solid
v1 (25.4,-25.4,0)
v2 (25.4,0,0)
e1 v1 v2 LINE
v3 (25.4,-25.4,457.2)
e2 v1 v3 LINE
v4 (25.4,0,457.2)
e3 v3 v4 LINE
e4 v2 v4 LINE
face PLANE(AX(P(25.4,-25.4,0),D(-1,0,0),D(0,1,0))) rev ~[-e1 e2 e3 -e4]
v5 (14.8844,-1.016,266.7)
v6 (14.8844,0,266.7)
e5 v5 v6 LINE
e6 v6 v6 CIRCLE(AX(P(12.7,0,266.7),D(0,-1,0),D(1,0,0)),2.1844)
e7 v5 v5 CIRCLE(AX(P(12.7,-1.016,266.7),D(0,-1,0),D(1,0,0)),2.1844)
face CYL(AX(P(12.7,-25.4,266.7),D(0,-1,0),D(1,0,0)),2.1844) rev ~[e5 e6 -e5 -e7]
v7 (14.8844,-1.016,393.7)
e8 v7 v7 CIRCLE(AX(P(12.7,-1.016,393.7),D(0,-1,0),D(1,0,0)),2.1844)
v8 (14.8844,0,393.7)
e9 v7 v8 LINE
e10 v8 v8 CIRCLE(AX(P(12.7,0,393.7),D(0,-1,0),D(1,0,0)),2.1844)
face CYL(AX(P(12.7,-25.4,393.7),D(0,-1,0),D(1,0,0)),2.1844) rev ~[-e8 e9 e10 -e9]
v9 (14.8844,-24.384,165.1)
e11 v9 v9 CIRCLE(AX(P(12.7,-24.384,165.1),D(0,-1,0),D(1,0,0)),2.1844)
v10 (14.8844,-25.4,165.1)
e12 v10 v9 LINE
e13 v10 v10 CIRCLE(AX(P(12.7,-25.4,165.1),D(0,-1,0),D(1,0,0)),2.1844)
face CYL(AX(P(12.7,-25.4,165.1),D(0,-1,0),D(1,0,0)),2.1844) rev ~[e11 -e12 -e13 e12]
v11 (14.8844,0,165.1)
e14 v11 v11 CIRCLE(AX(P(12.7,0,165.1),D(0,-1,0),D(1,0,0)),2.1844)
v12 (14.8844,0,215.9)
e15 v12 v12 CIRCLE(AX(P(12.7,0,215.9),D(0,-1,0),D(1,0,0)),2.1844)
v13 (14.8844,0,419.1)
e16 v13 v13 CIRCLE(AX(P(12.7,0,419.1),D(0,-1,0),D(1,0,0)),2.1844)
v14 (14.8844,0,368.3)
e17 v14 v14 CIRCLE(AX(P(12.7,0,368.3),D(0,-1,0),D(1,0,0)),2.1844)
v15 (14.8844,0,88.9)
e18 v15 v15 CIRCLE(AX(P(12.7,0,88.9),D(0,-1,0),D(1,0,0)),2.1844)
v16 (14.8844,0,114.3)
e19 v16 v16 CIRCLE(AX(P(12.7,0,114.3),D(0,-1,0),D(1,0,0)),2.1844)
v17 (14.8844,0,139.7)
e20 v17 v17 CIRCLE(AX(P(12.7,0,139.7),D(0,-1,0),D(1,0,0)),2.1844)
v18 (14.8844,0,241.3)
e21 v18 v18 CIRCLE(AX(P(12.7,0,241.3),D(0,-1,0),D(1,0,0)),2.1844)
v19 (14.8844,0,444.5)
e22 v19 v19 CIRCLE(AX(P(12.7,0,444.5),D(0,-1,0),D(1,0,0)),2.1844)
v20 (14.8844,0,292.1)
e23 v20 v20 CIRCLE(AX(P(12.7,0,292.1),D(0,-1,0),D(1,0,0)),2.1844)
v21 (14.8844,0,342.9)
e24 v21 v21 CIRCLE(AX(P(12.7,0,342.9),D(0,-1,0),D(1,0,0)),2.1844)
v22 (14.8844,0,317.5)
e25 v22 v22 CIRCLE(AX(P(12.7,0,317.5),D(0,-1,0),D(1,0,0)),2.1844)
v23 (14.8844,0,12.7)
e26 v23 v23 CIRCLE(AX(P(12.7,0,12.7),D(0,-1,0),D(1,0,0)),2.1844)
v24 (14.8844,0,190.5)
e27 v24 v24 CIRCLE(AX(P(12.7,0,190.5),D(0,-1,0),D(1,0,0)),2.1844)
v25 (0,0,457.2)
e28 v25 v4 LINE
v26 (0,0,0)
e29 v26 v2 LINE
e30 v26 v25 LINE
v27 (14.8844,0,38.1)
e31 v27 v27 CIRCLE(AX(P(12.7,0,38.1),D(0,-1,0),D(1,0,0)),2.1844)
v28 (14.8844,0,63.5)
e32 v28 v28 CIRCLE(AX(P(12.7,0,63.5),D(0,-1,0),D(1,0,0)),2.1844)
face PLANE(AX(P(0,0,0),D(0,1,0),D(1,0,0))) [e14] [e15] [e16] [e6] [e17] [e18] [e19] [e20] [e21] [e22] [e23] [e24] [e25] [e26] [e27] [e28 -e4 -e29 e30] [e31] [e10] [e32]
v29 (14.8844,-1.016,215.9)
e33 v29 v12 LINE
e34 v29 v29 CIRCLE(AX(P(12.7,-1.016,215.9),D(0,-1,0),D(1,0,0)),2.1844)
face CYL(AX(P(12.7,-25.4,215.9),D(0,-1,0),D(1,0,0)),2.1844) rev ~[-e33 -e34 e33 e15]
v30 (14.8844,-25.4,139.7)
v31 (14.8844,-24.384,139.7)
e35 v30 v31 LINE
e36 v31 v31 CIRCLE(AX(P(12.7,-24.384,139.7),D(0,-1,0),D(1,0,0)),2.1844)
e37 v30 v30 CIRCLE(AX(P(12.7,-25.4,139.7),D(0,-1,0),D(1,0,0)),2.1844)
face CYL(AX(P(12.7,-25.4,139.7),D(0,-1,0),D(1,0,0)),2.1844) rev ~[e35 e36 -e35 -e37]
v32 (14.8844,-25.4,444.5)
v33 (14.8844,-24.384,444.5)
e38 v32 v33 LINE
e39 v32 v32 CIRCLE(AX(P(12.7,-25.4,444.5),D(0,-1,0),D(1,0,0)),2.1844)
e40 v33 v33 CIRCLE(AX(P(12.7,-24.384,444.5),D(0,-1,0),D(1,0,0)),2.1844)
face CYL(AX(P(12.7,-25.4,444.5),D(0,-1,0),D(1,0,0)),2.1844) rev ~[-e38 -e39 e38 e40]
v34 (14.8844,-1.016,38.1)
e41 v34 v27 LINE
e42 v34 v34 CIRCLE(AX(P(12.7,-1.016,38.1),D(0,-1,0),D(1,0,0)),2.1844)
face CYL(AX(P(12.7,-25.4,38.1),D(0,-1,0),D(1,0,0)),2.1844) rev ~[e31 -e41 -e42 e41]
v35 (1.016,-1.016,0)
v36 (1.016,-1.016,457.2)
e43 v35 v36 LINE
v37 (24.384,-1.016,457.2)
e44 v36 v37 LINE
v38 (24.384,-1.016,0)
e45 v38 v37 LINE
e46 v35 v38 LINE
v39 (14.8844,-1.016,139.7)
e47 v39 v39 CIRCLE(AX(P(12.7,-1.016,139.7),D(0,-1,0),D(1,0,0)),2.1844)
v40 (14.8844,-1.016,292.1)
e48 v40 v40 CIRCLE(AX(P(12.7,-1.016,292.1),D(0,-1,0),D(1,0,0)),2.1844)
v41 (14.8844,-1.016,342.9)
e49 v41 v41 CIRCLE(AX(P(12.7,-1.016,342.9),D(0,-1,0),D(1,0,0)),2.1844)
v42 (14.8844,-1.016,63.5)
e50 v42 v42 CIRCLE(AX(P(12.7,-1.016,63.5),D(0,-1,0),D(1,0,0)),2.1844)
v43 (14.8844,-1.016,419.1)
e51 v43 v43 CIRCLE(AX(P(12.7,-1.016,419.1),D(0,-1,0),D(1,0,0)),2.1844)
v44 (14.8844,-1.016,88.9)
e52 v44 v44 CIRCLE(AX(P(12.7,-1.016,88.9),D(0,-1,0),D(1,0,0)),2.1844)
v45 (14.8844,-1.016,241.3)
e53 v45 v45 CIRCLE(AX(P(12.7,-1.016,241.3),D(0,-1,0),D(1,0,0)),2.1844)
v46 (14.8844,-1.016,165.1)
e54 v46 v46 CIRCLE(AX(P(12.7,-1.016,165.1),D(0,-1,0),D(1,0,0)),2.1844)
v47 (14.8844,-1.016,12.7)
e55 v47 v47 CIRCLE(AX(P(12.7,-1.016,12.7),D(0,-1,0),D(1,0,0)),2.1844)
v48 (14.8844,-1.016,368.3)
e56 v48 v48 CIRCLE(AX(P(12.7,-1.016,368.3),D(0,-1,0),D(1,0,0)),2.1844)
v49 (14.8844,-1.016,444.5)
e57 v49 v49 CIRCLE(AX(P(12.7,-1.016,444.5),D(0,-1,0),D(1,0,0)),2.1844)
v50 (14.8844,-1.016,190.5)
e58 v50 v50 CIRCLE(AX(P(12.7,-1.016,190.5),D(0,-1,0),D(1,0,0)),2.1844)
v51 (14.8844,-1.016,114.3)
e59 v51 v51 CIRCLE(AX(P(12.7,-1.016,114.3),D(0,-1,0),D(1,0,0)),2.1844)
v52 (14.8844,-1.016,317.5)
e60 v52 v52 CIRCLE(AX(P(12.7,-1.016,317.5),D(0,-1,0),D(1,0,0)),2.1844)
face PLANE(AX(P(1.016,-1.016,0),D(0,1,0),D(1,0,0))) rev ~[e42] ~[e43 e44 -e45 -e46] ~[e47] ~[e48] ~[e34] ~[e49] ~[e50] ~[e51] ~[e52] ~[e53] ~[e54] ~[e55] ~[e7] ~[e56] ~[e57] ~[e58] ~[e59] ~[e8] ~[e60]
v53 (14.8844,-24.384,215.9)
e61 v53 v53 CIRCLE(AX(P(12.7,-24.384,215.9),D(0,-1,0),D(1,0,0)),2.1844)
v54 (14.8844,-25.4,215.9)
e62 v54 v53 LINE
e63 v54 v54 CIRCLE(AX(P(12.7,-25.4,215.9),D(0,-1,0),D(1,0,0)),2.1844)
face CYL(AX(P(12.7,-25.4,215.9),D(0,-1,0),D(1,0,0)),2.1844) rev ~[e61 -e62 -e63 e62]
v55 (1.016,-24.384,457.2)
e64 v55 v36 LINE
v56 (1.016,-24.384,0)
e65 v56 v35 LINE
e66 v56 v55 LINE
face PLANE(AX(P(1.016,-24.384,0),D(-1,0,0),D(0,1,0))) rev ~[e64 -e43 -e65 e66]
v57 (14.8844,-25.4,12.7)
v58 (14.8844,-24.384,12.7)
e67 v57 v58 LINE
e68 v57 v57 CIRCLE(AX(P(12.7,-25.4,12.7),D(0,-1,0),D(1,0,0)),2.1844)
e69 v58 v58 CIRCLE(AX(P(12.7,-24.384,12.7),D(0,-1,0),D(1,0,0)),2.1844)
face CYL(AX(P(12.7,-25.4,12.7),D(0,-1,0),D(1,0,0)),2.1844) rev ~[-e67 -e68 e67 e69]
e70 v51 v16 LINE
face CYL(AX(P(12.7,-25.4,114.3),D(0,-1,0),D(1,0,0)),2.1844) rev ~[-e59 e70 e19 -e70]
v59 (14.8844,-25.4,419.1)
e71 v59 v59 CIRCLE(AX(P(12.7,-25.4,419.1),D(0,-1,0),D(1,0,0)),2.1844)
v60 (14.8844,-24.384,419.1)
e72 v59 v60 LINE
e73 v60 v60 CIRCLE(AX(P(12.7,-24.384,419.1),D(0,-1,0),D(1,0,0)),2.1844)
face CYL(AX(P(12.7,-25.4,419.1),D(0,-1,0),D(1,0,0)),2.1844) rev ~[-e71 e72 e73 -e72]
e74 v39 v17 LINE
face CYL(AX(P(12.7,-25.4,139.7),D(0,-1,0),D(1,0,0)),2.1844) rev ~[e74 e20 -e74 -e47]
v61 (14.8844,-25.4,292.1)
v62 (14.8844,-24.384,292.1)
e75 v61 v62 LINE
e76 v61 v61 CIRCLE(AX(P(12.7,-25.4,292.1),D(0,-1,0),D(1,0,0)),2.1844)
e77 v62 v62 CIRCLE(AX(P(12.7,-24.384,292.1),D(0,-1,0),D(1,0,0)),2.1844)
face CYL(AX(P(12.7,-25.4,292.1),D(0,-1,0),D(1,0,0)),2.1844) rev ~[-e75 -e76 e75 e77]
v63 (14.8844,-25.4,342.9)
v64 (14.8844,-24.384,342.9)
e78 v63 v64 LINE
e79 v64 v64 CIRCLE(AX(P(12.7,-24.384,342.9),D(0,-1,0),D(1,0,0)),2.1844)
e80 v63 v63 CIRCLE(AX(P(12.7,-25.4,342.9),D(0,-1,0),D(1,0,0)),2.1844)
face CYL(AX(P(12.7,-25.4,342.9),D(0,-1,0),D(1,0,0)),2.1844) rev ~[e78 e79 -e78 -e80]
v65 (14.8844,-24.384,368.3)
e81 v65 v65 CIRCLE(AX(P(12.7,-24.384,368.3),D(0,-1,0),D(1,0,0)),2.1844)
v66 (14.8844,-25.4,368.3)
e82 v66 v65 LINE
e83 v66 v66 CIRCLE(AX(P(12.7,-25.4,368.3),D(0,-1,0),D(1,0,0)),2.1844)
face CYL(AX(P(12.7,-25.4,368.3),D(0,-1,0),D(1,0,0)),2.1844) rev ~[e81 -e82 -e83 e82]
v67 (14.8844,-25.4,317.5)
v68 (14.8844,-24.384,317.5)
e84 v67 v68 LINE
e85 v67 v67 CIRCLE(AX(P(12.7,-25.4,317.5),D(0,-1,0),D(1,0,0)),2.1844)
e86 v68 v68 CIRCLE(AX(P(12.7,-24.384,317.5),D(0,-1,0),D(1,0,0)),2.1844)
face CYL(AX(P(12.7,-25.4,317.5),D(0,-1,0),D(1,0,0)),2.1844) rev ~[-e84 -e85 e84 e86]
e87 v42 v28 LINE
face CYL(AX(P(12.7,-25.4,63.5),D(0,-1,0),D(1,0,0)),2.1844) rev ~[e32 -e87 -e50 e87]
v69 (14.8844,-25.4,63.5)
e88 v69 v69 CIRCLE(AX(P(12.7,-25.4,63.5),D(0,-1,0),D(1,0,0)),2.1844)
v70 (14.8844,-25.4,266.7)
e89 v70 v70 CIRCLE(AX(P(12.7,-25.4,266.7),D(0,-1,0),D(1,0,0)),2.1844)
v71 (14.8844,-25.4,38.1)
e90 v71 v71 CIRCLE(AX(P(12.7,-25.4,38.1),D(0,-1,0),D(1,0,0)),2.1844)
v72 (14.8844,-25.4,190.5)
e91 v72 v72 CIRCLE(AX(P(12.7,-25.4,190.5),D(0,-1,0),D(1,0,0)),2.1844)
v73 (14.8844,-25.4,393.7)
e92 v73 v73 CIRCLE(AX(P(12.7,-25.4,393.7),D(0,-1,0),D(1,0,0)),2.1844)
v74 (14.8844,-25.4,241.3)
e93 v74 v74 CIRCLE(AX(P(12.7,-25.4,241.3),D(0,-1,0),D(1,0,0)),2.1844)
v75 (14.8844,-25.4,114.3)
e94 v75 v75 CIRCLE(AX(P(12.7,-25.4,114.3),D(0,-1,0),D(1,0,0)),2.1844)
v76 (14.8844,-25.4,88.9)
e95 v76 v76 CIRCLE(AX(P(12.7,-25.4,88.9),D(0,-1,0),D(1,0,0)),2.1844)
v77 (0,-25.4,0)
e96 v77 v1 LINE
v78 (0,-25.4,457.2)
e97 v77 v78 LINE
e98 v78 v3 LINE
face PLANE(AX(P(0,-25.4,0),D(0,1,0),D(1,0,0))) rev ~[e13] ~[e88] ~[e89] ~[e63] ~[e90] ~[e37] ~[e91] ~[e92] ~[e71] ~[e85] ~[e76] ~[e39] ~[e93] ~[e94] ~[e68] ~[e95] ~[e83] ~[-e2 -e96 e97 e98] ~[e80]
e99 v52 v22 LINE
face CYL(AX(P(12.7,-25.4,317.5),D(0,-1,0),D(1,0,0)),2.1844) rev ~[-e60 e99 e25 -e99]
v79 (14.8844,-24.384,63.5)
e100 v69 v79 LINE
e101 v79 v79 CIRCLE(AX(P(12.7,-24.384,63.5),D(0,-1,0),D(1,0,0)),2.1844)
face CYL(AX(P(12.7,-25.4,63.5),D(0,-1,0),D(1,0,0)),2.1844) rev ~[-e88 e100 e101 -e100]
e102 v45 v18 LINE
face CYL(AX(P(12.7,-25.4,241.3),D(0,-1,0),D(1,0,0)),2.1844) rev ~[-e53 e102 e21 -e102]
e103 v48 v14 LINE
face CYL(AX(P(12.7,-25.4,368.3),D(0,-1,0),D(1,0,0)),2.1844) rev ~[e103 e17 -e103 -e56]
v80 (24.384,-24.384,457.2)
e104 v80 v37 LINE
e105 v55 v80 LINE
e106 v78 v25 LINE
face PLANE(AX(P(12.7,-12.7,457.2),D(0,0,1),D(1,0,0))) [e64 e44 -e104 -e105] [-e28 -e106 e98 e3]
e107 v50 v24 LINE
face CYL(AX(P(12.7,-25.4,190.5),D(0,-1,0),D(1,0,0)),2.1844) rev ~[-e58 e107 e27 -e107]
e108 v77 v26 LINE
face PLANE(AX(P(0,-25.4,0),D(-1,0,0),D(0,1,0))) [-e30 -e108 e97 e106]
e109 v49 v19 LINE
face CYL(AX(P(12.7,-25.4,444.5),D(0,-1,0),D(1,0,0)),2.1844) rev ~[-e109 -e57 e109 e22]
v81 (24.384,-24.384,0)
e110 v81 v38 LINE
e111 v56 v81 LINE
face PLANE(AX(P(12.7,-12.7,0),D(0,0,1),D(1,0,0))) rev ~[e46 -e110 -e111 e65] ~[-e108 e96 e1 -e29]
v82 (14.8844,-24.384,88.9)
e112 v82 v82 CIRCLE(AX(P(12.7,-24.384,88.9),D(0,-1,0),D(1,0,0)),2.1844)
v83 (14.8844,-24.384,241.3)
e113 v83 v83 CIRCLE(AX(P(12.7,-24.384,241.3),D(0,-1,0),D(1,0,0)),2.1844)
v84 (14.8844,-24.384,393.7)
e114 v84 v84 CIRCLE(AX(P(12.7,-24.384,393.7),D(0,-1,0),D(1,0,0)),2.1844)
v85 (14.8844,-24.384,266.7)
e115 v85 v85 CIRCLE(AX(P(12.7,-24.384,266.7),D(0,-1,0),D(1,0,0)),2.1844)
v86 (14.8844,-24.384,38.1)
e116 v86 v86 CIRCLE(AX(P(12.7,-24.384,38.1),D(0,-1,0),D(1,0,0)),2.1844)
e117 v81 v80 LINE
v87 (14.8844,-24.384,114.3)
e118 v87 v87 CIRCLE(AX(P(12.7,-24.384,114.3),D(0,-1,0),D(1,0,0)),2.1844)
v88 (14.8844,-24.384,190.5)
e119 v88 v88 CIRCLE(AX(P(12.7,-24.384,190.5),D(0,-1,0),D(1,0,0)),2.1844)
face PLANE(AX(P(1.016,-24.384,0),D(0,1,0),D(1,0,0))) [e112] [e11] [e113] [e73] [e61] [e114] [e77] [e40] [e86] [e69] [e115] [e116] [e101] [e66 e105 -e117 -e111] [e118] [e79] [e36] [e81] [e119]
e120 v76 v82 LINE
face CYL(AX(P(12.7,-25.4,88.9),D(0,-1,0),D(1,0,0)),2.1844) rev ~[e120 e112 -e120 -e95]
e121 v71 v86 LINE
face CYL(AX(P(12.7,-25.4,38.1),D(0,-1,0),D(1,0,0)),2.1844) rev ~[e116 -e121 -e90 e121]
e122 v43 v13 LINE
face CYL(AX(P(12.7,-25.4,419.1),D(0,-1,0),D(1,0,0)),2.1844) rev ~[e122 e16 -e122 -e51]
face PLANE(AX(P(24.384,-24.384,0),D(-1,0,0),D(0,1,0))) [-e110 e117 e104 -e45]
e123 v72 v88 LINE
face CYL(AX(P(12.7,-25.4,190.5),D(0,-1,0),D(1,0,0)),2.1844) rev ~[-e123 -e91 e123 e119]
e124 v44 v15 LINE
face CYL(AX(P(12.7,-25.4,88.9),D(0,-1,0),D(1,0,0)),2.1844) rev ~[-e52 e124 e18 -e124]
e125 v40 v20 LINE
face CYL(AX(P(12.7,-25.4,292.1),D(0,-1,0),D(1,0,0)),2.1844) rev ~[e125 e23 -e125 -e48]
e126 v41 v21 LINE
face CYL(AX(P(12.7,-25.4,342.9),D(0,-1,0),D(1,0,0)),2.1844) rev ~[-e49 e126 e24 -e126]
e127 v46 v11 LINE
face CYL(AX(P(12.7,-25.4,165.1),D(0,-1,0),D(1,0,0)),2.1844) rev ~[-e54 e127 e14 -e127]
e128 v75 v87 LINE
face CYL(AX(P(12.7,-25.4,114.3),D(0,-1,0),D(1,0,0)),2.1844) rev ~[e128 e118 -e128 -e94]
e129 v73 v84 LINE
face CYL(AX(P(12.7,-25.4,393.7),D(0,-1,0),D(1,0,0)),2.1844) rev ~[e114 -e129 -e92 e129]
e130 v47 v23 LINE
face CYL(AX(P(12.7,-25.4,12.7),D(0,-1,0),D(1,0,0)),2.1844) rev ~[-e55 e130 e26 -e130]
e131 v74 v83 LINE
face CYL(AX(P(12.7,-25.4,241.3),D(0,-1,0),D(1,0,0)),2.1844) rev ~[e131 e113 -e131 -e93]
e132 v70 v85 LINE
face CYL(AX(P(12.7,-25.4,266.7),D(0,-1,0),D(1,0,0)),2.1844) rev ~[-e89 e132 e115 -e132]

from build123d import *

# Parameters (mm, degrees)
F0_W     = 25.4
F0_H     = 25.4
F0_W_2   = 23.368
F0_H_2   = 23.368
F1_DEPTH = 457.2
F2_R     = 2.1844
F3_DEPTH = 25.4


with BuildPart() as f1:
    # F0 (on Top) → F1 (new body)
    with BuildSketch(Plane.XY):
        with Locations((12.7, -12.7)):
            Rectangle(F0_W, F0_H)
        with Locations((12.7, -12.7)):
            Rectangle(F0_W_2, F0_H_2, mode=Mode.SUBTRACT)
    extrude(amount=F1_DEPTH)

    # F2 (on face) → F3 (cut)
    with BuildSketch(Plane.XZ.offset(25.4)):
        with Locations((12.7, 12.7)):
            Circle(F2_R)
        with Locations((12.7, 38.1)):
            Circle(F2_R)
        with Locations((12.7, 241.3)):
            Circle(F2_R)
        with Locations((12.7, 215.9)):
            Circle(F2_R)
        with Locations((12.7, 190.5)):
            Circle(F2_R)
        with Locations((12.7, 165.1)):
            Circle(F2_R)
        with Locations((12.7, 139.7)):
            Circle(F2_R)
        with Locations((12.7, 114.3)):
            Circle(F2_R)
        with Locations((12.7, 88.9)):
            Circle(F2_R)
        with Locations((12.7, 63.5)):
            Circle(F2_R)
        with Locations((12.7, 266.7)):
            Circle(F2_R)
        with Locations((12.7, 292.1)):
            Circle(F2_R)
        with Locations((12.7, 317.5)):
            Circle(F2_R)
        with Locations((12.7, 342.9)):
            Circle(F2_R)
        with Locations((12.7, 368.3)):
            Circle(F2_R)
        with Locations((12.7, 393.7)):
            Circle(F2_R)
        with Locations((12.7, 419.1)):
            Circle(F2_R)
        with Locations((12.7, 444.5)):
            Circle(F2_R)
        with Locations((12.7, 469.9)):
            Circle(F2_R)
        with Locations((12.7, 495.3)):
            Circle(F2_R)
        with Locations((12.7, 520.7)):
            Circle(F2_R)
        with Locations((12.7, 546.1)):
            Circle(F2_R)
        with Locations((12.7, 571.5)):
            Circle(F2_R)
        with Locations((12.7, 596.9)):
            Circle(F2_R)
        with Locations((12.7, 622.3)):
            Circle(F2_R)
    extrude(amount=-F3_DEPTH, mode=Mode.SUBTRACT)


solid = f1.part
